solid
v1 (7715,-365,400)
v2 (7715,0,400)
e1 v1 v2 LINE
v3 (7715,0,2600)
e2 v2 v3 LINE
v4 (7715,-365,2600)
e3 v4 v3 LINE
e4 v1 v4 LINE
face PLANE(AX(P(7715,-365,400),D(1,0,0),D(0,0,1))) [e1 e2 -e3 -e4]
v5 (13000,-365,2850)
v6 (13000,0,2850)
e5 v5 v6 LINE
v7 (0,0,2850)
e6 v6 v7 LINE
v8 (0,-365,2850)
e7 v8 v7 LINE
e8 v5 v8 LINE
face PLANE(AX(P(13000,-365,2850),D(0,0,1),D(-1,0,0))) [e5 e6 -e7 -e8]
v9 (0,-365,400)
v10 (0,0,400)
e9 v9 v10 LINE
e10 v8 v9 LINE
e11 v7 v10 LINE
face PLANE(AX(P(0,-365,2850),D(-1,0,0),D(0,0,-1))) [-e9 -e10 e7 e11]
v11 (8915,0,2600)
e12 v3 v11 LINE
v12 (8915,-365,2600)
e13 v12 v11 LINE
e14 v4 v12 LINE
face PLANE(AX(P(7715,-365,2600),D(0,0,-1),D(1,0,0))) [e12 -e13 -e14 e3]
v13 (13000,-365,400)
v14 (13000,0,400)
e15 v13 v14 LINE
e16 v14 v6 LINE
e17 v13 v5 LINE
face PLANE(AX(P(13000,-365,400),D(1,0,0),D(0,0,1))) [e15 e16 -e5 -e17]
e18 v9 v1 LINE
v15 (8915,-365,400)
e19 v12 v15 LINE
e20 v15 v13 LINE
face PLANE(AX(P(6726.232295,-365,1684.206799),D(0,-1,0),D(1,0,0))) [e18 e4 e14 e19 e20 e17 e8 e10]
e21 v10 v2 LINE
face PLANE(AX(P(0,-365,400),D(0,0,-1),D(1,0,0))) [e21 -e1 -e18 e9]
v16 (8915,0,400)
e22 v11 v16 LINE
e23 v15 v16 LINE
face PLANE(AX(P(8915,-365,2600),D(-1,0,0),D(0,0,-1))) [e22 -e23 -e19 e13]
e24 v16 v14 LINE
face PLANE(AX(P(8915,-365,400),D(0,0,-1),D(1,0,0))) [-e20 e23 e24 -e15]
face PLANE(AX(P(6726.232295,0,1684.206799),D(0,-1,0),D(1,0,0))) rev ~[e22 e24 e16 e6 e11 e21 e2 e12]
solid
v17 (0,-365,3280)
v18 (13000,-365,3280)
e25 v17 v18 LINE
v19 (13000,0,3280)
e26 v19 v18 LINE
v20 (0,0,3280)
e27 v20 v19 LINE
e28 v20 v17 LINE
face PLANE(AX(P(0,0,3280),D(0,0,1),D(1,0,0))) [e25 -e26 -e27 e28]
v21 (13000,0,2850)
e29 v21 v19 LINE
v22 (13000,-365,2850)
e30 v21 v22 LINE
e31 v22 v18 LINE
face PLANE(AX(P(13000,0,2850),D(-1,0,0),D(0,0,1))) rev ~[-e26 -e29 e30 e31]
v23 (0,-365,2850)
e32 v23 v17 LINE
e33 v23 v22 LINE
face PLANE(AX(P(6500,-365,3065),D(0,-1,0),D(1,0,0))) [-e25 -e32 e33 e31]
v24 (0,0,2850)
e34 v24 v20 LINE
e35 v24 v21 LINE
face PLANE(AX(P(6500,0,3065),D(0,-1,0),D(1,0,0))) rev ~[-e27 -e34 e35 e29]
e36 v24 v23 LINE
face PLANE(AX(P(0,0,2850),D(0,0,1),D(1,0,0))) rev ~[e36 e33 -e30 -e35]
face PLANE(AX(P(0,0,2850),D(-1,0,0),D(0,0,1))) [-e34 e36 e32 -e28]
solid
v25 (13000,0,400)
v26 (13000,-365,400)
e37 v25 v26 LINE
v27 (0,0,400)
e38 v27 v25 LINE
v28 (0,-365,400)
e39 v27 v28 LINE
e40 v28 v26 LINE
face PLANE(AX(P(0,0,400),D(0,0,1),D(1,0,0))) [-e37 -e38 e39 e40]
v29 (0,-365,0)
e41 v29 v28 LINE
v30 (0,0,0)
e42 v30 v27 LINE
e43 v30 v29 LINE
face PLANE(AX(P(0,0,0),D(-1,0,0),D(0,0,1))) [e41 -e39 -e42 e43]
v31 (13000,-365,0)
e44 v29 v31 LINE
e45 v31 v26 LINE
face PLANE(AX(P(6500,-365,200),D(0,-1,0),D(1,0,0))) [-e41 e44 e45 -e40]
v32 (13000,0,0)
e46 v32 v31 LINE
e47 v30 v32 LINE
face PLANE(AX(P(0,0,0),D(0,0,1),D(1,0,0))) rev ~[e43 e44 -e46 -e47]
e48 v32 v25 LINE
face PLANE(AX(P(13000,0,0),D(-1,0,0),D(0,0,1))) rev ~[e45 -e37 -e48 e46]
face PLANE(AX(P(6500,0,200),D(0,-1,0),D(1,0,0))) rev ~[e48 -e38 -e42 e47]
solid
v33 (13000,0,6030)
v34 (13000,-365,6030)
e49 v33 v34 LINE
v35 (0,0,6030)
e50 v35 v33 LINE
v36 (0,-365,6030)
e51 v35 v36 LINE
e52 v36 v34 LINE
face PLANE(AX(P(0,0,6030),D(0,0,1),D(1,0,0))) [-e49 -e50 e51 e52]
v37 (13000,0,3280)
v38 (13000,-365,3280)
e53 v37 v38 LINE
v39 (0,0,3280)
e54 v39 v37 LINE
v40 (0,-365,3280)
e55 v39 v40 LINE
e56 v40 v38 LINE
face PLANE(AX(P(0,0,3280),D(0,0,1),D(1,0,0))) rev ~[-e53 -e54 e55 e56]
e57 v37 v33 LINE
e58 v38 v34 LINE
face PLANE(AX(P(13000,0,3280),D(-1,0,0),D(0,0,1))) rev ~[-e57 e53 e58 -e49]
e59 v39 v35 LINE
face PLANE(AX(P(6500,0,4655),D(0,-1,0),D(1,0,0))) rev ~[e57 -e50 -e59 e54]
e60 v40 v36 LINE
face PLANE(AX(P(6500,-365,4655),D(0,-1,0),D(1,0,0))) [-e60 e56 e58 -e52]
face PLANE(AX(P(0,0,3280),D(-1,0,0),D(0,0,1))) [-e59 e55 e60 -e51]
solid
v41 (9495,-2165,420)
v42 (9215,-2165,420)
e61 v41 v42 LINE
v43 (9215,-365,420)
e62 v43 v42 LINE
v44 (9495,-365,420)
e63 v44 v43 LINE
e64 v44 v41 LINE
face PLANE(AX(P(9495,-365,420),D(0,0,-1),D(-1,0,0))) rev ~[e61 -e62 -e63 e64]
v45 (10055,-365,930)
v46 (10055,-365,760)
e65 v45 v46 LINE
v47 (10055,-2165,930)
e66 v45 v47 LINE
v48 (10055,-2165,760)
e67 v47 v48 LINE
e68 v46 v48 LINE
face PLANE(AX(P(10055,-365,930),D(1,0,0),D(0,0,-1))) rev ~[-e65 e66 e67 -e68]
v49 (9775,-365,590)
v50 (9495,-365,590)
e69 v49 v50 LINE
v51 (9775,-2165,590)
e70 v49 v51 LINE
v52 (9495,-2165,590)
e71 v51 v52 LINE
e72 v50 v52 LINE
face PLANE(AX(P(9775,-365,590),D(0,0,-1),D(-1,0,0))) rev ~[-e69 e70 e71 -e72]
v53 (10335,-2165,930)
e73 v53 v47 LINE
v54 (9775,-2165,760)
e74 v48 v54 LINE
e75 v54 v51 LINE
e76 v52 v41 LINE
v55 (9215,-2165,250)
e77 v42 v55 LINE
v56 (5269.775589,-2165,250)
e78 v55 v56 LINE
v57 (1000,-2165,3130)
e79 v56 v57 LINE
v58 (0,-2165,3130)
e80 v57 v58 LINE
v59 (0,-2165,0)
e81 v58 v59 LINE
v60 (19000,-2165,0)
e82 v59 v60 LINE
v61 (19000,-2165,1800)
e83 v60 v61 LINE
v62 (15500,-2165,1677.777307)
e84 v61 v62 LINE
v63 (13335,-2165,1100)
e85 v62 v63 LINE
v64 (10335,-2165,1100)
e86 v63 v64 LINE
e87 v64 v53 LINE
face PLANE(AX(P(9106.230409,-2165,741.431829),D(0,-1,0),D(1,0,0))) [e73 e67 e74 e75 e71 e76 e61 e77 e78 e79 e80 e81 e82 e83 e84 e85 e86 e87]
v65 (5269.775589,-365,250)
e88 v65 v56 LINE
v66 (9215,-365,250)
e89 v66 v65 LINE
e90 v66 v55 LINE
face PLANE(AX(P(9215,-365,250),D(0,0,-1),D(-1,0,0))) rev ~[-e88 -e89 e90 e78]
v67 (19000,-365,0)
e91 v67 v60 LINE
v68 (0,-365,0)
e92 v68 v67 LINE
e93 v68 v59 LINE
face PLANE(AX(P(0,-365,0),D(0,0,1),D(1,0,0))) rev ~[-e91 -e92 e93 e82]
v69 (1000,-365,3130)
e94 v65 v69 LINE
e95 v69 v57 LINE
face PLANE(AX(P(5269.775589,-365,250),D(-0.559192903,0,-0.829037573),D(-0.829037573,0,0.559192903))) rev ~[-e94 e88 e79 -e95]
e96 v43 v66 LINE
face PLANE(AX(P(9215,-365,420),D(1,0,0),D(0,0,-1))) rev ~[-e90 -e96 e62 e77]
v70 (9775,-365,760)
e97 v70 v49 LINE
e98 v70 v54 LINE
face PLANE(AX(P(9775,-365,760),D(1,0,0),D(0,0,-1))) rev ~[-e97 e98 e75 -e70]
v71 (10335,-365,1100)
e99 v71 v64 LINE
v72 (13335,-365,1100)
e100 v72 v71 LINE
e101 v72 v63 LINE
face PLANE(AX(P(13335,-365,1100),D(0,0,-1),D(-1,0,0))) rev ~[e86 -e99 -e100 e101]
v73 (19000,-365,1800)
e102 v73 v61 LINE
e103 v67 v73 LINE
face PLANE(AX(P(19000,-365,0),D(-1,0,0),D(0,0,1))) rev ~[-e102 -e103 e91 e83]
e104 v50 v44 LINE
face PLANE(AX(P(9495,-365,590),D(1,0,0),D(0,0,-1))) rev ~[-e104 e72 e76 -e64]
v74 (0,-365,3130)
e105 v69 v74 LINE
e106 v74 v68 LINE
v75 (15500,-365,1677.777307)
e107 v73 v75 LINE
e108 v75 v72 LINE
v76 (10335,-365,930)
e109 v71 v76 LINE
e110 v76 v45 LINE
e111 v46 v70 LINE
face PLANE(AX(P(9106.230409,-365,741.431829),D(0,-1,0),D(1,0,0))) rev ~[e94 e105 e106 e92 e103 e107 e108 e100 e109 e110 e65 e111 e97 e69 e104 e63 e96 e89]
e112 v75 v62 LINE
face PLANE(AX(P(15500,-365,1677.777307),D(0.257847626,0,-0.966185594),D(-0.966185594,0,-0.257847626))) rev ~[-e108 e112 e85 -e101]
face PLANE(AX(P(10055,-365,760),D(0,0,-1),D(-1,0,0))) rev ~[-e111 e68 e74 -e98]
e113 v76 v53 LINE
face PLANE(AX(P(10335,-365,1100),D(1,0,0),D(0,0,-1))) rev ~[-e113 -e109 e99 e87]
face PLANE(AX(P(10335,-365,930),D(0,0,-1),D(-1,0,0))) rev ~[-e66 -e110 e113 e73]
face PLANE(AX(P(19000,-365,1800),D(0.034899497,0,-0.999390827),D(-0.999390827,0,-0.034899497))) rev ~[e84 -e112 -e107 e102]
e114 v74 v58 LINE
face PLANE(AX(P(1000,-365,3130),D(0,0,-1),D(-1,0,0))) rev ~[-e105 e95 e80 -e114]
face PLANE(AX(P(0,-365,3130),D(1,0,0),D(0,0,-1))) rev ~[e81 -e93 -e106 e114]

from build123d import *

# Parameters (mm, degrees)
F0_W      = 13000
F0_H      = 400
F1_DEPTH  = 365
F3_DEPTH  = 365
F4_W      = 13000
F4_H      = 430
F5_DEPTH  = 365
F6_W      = 13000
F6_H      = 2750
F7_DEPTH  = 365
F10_DEPTH = 1800


with BuildPart() as f1:
    # F0 (on Front) → F1 (new body)
    with BuildSketch(Plane.XZ):
        with Locations((6500, 200)):
            Rectangle(F0_W, F0_H)
    extrude(amount=F1_DEPTH)


with BuildPart() as f3:
    # F2 (on face) → F3 (new body)
    with BuildSketch(Plane.XZ.offset(365)):
        Polygon((0, 2850), (0, 400), (7715, 400), (7715, 2600), (8915, 2600), (8915, 400), (13000, 400), (13000, 2850), align=None)
    extrude(amount=-F3_DEPTH)


with BuildPart() as f5:
    # F4 (on Front) → F5 (new body)
    with BuildSketch(Plane.XZ):
        with Locations((6500, 3065)):
            Rectangle(F4_W, F4_H)
    extrude(amount=F5_DEPTH)


with BuildPart() as f7:
    # F6 (on Front) → F7 (new body)
    with BuildSketch(Plane.XZ):
        with Locations((6500, 4655)):
            Rectangle(F6_W, F6_H)
    extrude(amount=F7_DEPTH)


with BuildPart() as f10:
    # F9 (on face) → F10 (new body)
    with BuildSketch(Plane.XZ.offset(365)):
        Polygon((1000, 3130), (0, 3130), (0, 0), (19000, 0), (19000, 1800), (15500, 1677.777307), (13335, 1100), (10335, 1100), (10335, 930), (10055, 930), (10055, 760), (9775, 760), (9775, 590), (9495, 590), (9495, 420), (9215, 420), (9215, 250), (5269.775589, 250), align=None)
    extrude(amount=F10_DEPTH)


solid = Compound([f1.part, f3.part, f5.part, f7.part, f10.part])
